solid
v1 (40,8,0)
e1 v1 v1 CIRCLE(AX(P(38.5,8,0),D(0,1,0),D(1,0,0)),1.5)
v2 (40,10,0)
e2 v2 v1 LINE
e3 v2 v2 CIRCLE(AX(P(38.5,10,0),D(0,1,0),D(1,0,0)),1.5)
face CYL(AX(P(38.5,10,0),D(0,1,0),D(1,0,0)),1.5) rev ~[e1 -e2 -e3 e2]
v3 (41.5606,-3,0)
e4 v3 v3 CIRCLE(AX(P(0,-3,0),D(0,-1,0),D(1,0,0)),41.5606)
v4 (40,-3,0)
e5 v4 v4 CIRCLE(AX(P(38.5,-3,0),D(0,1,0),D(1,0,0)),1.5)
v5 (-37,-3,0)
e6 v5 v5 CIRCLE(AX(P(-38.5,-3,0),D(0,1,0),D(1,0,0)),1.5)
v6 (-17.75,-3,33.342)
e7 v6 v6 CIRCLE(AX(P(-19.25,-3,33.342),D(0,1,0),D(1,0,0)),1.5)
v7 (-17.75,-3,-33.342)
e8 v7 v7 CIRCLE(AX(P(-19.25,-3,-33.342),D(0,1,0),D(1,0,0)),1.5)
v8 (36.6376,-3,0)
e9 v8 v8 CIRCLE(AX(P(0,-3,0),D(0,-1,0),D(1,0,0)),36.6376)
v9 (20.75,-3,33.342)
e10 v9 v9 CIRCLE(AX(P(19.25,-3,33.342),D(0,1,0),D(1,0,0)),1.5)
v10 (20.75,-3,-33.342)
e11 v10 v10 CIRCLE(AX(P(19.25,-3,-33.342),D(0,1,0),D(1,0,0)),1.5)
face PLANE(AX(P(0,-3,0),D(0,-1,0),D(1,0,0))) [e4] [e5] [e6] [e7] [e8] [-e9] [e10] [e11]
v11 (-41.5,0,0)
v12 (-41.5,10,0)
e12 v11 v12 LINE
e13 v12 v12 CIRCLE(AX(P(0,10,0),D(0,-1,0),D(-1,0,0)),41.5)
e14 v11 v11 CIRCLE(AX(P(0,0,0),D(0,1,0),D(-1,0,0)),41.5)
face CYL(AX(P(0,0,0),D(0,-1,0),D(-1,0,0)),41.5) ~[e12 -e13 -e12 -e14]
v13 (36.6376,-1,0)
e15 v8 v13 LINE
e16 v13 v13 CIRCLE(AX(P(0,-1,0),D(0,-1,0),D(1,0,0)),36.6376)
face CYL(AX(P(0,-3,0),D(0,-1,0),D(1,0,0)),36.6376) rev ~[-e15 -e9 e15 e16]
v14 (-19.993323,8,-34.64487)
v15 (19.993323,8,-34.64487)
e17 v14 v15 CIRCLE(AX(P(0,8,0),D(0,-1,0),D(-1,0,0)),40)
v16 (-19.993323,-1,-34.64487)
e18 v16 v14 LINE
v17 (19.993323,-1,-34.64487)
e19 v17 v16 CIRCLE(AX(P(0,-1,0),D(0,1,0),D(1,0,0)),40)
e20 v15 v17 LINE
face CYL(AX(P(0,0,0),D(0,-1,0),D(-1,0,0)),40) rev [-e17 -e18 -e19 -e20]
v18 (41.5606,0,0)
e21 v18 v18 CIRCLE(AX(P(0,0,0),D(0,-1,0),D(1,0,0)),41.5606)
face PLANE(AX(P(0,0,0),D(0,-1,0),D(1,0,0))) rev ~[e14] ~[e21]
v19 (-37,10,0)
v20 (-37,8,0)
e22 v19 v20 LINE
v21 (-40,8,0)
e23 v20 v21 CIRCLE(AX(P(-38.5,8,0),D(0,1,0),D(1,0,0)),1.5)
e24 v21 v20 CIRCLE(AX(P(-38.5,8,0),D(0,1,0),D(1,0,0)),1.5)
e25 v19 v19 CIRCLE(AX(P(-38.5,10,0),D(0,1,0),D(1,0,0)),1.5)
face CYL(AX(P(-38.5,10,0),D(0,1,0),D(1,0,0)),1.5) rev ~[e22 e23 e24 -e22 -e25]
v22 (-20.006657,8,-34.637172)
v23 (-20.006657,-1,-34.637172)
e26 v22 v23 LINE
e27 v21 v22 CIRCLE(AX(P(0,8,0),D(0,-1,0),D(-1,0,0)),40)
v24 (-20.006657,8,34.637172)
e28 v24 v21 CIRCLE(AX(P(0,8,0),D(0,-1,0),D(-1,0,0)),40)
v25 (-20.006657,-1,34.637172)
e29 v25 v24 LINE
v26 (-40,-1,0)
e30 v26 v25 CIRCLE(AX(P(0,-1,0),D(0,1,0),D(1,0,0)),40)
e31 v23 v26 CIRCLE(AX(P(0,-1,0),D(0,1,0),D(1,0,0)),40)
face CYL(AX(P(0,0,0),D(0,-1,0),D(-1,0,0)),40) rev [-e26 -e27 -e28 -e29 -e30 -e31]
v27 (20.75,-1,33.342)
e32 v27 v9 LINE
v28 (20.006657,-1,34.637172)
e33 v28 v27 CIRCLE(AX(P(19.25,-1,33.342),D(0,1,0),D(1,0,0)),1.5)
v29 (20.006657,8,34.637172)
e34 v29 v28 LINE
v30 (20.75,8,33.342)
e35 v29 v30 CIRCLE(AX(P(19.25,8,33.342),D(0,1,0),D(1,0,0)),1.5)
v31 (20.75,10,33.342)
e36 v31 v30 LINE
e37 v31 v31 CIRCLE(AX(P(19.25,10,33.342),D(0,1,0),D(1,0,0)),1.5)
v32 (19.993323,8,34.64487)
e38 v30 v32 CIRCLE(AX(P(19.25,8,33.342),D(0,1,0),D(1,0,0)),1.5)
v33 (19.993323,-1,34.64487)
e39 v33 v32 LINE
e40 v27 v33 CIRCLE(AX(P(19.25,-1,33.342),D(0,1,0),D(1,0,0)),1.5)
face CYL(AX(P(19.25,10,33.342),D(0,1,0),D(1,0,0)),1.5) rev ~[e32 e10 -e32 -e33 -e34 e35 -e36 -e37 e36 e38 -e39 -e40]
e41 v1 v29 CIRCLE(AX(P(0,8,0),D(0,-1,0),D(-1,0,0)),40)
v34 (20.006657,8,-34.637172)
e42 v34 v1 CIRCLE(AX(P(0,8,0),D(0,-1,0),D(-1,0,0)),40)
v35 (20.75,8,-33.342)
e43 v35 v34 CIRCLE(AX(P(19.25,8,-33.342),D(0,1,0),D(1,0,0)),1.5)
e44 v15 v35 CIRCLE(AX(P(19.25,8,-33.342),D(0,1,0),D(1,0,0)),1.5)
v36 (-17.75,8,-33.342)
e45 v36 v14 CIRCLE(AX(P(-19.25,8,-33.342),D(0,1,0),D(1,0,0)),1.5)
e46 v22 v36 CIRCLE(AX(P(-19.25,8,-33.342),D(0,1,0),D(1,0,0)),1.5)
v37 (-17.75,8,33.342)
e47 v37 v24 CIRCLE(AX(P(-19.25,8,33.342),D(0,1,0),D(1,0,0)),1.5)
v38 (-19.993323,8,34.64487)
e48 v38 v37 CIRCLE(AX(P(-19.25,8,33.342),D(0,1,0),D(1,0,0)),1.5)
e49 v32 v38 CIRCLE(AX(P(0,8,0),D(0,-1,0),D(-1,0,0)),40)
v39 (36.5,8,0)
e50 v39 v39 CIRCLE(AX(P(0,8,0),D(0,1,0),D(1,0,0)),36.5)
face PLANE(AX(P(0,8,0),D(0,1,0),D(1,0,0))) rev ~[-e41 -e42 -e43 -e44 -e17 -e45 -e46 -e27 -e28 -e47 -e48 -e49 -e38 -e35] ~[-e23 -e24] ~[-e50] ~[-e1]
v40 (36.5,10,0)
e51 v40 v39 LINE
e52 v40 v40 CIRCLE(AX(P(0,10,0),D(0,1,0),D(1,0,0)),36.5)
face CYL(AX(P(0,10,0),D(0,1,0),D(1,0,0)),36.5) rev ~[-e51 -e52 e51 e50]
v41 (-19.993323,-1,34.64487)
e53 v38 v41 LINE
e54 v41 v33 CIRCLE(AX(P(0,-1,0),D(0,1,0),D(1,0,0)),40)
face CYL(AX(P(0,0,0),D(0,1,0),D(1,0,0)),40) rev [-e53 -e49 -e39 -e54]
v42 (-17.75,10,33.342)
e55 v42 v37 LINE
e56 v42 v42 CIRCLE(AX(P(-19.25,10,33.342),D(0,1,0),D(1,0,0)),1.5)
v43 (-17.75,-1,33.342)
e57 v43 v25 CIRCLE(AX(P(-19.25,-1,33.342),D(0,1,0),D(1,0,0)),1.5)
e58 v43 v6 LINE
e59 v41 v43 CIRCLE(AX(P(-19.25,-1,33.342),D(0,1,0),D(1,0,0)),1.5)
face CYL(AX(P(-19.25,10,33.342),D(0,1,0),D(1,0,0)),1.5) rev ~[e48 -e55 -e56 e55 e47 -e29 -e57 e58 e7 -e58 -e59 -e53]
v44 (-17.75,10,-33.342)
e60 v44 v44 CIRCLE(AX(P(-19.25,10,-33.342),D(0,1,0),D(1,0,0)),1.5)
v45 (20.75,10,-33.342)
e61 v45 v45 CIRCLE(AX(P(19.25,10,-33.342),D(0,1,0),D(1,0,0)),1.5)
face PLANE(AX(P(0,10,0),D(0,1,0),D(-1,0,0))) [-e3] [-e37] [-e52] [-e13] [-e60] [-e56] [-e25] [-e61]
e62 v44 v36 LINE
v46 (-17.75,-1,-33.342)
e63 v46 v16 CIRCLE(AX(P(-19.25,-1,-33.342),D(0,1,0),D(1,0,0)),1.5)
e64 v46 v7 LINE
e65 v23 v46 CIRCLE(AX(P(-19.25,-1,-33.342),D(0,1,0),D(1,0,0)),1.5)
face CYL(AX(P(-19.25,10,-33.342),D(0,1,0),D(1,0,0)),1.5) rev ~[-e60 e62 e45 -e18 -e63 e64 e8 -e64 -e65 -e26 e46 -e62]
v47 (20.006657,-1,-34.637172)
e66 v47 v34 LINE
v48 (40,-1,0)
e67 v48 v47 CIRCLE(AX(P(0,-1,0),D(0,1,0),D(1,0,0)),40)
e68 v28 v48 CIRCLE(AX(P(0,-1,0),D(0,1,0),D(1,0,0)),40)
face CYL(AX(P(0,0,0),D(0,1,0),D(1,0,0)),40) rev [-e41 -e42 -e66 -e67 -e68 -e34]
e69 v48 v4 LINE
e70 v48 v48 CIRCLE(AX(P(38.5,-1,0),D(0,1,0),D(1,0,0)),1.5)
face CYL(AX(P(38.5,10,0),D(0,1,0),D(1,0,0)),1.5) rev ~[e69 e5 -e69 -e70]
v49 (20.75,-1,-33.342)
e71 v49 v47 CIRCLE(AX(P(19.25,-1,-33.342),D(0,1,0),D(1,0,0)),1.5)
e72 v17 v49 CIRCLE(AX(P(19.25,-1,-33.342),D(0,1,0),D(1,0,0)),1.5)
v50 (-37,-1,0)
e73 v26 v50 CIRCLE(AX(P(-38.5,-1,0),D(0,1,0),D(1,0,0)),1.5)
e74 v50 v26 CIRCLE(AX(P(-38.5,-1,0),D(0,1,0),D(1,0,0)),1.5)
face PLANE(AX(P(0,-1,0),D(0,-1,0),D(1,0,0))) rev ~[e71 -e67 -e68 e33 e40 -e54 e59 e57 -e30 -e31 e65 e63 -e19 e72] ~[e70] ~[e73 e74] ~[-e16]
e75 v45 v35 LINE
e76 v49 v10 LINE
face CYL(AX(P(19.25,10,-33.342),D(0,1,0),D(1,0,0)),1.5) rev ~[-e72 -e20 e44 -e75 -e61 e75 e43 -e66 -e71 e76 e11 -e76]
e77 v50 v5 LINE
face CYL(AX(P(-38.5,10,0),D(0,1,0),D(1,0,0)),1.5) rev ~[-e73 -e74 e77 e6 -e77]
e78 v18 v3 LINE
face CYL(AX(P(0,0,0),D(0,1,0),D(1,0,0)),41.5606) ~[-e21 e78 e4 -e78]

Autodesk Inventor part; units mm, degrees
ref_plane "YZ Plane" through (0, 0, 0) normal (1, 0, 0) x (0, 1, 0)
ref_plane "XZ Plane" through (0, 0, 0) normal (0, 1, 0) x (-1, 0, 0)
ref_plane "XY Plane" through (0, 0, 0) normal (0, 0, 1) x (1, 0, 0)
sketch "Sketch1" plane through (0, 0, 0) normal (0, 1, 0) x (-1, 0, 0)
  circle A0 centre (0, 0) radius 40
  circle A1 centre (0, 0) radius 41.5
  dimension "d0" = 80
  dimension "d1" = 83
extrude "Extrusion1" add sketch "Sketch1" along normal blind 10
sketch "Sketch8" plane through (0, 0, 0) normal (0, -1, 0) x (1, 0, 0)
  circle A0 centre (0, 0) radius 41.5606
  circle A1 centre (0, 0) radius 40
  circle A2 centre (0, 0) radius 41.5606
  circle A3 centre (0, 0) radius 40
extrude "Extrusion8" add sketch "Sketch8" along normal blind 3
sketch "Sketch9" plane through (0, -3, 0) normal (0, -1, 0) x (1, 0, 0)
  circle A0 centre (0, 0) radius 36.6376
  circle A1 centre (0, 0) radius 41.5606 projected
extrude "Extrusion9" add sketch "Sketch9" against normal blind 2
sketch "Sketch10" plane through (0, 10, 0) normal (0, 1, 0) x (1, 0, 0)
  circle A0 centre (0, 0) radius 36.5
  circle A1 centre (0, 0) radius 41.5
  dimension "d52" = 73
  dimension "d53" = 83
extrude "Extrusion10" add sketch "Sketch10" against normal blind 2
sketch "Sketch11" plane through (0, 10, 0) normal (0, 1, 0) x (1, 0, 0)
  circle A0 centre (-38.5, 0) radius 1.5
  circle A1 centre (-19.25, -33.342) radius 1.5
  circle A2 centre (19.25, -33.342) radius 1.5
  circle A3 centre (38.5, 0) radius 1.5
  circle A4 centre (19.25, 33.342) radius 1.5
  circle A5 centre (-19.25, 33.342) radius 1.5
  point P0 (0, 0)
  dimension "d56" = 3
  dimension "d57" = 38.5
  dimension "d60" = 360
extrude "Extrusion11" cut sketch "Sketch11" against normal blind 100
properties part number "Motor mount (plain)"
